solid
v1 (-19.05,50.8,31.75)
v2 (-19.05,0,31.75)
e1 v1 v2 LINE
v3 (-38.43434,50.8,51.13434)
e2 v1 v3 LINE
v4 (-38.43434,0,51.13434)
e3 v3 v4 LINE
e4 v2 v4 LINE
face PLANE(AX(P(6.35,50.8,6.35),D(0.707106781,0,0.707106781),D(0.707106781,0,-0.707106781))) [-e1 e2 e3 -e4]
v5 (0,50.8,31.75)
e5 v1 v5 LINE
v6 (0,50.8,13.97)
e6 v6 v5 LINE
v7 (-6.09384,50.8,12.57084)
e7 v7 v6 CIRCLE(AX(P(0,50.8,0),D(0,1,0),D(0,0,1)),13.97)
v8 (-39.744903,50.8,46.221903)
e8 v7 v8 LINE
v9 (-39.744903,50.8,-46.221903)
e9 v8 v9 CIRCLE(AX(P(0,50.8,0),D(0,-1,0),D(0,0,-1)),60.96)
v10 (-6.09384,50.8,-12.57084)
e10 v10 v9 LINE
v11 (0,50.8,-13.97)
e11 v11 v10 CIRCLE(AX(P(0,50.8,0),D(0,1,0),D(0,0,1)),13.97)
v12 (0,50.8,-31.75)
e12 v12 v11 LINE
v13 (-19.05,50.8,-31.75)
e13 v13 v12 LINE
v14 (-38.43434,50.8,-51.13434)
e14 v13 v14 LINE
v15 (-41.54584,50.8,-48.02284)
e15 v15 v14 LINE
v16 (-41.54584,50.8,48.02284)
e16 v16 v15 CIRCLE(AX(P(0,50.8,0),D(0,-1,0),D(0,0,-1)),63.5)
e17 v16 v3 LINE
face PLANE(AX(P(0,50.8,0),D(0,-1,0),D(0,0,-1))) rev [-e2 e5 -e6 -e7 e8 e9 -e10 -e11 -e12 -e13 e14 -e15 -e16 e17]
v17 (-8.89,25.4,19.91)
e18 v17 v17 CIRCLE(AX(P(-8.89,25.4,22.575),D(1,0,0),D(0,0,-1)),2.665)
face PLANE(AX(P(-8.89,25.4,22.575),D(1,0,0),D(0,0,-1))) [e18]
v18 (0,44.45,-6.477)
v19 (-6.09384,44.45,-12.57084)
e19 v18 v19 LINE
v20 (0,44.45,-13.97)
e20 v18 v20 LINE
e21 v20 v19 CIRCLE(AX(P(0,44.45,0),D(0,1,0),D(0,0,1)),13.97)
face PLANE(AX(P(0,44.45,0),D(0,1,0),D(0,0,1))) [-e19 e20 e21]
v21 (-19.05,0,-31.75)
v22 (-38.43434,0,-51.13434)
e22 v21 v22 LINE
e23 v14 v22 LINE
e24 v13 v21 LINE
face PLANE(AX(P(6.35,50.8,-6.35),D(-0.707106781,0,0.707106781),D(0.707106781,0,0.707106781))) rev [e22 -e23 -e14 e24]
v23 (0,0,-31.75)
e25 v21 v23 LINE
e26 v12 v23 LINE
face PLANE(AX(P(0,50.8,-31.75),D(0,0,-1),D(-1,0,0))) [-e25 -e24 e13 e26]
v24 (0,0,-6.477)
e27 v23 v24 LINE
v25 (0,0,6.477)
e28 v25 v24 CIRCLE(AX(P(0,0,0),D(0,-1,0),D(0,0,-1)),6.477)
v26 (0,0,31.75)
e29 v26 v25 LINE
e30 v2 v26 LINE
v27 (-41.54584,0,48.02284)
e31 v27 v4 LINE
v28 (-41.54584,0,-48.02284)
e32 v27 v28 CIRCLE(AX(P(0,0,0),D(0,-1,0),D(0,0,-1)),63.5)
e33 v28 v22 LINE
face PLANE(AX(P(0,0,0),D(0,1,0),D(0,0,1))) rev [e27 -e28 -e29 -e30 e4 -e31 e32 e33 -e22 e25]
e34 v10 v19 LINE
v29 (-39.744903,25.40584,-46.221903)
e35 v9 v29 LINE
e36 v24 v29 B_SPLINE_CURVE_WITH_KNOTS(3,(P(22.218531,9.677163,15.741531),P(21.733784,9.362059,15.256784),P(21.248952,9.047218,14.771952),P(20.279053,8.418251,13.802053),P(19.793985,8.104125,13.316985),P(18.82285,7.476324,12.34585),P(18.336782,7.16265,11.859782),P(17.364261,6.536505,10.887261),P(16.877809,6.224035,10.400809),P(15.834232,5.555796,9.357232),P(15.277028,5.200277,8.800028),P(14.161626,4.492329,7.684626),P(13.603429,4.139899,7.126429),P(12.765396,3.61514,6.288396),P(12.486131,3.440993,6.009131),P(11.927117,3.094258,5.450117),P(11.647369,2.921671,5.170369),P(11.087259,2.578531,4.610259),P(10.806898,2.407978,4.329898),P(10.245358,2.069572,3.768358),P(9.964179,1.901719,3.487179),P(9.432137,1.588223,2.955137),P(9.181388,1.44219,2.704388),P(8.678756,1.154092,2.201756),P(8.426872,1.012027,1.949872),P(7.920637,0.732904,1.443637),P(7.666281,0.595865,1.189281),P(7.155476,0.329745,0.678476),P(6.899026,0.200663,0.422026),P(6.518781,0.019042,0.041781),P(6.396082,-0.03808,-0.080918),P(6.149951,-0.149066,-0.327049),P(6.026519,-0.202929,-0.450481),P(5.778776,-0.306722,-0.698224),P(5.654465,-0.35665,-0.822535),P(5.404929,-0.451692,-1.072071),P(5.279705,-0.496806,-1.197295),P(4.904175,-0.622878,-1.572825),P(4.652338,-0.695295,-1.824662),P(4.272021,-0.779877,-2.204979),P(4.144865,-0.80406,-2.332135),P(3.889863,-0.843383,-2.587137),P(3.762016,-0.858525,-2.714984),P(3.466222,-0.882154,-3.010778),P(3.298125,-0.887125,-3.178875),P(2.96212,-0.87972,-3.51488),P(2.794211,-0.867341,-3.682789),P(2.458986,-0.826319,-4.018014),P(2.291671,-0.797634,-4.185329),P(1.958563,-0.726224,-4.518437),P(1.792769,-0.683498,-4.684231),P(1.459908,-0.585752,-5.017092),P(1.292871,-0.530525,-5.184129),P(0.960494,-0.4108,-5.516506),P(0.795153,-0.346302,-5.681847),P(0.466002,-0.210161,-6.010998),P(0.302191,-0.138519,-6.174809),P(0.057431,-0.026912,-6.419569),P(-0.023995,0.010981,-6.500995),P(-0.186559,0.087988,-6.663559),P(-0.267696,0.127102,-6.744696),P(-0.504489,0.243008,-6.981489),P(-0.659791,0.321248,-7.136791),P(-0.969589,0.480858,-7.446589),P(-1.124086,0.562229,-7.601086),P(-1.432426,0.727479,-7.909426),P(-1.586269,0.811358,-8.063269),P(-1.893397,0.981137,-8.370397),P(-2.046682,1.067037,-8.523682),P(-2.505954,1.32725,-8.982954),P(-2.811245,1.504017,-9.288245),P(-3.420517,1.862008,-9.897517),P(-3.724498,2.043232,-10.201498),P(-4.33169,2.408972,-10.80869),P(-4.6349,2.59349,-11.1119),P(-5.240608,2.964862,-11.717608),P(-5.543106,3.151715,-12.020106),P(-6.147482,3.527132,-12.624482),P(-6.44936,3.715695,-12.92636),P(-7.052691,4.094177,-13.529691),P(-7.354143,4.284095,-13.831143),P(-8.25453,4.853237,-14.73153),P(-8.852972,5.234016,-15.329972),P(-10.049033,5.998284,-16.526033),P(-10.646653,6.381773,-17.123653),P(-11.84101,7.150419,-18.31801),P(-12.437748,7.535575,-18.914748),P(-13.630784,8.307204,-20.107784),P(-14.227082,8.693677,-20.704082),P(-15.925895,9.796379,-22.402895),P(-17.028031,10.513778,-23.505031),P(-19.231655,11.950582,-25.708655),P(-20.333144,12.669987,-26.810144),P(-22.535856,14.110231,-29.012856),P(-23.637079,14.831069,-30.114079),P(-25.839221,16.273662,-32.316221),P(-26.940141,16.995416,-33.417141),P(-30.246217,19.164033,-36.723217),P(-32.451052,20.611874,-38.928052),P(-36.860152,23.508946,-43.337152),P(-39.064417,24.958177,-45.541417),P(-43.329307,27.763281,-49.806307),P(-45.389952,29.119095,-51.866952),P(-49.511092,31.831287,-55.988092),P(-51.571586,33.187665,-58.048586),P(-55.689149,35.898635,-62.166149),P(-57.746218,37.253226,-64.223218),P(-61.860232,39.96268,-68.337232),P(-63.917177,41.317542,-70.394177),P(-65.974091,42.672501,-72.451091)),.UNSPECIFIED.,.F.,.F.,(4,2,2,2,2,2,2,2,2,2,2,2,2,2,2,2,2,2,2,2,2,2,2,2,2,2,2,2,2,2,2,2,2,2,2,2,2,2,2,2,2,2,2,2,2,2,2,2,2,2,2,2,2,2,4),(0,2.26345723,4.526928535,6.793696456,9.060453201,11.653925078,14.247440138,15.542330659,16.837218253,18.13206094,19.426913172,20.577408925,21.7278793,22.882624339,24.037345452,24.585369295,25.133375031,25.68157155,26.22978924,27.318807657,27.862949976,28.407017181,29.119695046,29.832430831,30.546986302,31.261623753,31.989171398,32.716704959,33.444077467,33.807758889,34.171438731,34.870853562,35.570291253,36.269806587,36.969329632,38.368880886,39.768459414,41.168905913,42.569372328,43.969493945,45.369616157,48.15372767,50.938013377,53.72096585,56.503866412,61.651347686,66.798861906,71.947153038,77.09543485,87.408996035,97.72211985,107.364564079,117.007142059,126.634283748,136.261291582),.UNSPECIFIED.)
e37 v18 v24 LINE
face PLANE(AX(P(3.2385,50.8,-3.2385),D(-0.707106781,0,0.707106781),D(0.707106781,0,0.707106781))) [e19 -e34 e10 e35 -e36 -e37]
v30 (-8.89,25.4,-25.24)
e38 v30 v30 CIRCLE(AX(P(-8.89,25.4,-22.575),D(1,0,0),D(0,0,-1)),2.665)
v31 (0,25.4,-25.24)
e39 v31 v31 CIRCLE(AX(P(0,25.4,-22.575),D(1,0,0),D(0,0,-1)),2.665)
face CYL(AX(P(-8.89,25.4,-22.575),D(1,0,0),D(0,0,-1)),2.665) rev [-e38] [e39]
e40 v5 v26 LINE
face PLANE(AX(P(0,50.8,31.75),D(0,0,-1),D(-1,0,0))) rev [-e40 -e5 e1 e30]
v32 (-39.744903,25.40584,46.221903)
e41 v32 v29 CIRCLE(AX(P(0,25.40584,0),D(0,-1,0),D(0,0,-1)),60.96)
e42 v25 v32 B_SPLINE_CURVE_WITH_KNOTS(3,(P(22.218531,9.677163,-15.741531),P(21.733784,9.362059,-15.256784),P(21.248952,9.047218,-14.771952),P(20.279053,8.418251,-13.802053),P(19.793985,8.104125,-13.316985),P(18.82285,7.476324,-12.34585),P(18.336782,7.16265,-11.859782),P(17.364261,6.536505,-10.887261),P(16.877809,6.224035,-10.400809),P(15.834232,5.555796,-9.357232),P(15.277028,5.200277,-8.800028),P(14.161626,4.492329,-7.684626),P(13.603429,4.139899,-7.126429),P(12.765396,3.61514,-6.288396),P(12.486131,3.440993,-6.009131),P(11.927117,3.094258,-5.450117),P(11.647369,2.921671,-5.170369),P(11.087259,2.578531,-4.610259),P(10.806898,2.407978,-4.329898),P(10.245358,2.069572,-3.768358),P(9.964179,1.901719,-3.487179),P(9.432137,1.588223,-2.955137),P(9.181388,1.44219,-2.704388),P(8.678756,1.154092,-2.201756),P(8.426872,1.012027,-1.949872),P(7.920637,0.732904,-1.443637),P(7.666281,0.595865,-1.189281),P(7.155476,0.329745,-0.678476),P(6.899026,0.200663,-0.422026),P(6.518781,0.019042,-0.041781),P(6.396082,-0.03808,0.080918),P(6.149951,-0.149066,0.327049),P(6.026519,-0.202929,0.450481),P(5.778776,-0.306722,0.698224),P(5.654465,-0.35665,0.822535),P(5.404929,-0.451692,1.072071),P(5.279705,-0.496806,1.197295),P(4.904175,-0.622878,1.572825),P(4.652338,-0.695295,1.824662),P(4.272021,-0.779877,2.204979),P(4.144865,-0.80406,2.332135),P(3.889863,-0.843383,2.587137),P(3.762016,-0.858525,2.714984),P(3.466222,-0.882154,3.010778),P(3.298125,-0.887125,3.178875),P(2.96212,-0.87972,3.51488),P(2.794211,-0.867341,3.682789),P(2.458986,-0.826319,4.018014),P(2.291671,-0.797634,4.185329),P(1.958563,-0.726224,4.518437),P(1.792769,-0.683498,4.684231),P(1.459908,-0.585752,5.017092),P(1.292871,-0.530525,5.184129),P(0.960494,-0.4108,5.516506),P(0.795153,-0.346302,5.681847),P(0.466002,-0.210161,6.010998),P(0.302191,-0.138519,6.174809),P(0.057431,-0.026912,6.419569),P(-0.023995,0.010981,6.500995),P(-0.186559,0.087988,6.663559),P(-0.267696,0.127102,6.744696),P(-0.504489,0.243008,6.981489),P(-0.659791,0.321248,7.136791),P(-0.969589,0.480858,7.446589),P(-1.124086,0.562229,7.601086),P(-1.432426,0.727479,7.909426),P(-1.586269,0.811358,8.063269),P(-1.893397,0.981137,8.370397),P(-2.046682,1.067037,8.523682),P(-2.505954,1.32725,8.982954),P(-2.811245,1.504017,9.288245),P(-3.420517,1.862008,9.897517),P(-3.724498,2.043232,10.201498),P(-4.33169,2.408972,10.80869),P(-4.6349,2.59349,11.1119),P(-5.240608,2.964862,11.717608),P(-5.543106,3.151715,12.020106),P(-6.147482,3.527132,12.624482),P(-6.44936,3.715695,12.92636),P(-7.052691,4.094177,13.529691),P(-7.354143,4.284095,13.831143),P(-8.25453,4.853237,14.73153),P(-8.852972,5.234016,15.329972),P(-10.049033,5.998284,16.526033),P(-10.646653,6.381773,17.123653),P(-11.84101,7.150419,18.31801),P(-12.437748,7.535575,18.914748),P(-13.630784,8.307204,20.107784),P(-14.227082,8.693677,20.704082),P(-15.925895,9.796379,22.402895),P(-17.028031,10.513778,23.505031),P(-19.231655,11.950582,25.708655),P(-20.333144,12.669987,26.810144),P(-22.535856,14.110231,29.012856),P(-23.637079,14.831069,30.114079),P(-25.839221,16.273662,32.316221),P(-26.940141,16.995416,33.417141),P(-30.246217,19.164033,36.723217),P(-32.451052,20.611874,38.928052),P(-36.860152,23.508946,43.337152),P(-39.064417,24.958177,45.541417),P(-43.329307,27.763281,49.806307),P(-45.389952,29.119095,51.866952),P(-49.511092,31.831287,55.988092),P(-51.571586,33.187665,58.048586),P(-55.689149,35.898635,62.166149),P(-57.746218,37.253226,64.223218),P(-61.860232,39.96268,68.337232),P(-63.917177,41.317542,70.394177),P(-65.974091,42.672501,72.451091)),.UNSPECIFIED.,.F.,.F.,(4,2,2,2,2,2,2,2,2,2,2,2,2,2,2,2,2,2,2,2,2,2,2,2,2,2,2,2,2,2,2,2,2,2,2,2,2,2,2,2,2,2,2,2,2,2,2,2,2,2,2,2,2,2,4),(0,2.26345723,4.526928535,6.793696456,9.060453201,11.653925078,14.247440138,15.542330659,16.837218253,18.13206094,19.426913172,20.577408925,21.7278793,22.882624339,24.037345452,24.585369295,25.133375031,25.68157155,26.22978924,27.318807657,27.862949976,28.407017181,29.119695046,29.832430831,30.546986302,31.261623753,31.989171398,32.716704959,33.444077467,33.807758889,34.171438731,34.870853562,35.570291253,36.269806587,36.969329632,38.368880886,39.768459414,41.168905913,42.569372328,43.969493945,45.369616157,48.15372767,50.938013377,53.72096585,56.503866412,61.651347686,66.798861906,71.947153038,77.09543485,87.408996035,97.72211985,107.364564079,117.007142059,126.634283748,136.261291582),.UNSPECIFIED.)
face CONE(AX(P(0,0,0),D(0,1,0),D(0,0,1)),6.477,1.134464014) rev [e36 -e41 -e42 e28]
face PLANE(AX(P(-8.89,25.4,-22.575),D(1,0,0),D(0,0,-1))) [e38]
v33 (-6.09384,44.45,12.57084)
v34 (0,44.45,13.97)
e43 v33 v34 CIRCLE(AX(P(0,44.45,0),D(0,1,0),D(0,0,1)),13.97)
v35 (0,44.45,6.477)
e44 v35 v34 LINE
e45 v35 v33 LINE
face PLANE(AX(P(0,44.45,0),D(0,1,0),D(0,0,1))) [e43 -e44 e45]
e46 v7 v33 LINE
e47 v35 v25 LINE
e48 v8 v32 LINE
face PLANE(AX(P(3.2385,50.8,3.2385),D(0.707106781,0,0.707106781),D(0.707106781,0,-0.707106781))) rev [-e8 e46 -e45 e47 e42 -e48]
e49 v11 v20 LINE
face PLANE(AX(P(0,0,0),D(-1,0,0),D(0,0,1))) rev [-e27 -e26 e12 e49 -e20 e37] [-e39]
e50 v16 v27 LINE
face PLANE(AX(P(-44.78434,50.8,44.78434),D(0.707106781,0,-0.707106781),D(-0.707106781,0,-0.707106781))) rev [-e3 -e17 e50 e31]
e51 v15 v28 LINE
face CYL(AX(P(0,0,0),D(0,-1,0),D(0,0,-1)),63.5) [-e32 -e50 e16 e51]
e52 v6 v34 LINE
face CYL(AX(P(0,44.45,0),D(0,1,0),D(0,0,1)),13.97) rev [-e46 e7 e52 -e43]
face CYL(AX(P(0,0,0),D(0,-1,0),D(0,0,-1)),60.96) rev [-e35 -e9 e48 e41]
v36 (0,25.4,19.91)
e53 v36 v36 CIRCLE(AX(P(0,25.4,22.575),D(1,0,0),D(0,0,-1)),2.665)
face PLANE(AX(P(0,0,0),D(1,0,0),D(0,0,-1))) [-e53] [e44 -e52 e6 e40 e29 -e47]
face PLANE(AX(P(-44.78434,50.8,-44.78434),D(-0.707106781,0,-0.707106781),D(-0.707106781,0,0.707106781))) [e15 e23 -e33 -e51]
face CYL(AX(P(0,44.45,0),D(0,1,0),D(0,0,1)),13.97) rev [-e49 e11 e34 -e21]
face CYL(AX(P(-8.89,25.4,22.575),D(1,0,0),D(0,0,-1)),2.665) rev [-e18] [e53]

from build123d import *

# Parameters (mm, degrees)
REVOLVE1_ANGLE           = 90
REVOLVE1_OTHER_WAY_ANGLE = 90
BOSS_EXTRUDE3_DEPTH      = 50.8
CUT_EXTRUDE1_REACH       = 105.175
BOSS_EXTRUDE4_DEPTH      = 50.8
SKETCH6_R                = 13.97
CUT_EXTRUDE2_DEPTH       = 6.35
SKETCH7_R                = 2.665
CUT_EXTRUDE3_DEPTH       = 8.89


with BuildPart() as part:
    # Sketch1 → Revolve1 (revolve)
    with BuildSketch(Plane.XY):
        Polygon((-63.5, 50.8), (-63.5, 0), (-6.477, 0), (-60.96, 25.405840139), (-60.96, 50.8), align=None)
    revolve(axis=Axis((0, 0, 0), (0, 1, 0)), revolution_arc=REVOLVE1_ANGLE)

    # Sketch1 → Revolve1 other way (revolve)
    with BuildSketch(Plane.XY):
        Polygon((-63.5, 50.8), (-63.5, 0), (-6.477, 0), (-60.96, 25.405840139), (-60.96, 50.8), align=None)
    revolve(axis=Axis((0, 0, 0), (0, -1, 0)), revolution_arc=REVOLVE1_OTHER_WAY_ANGLE)

    # Sketch4 → Boss-Extrude3 (add)
    with BuildSketch(Plane(origin=(0, 0, 0), x_dir=(-1, 0, 0), z_dir=(0, -1, 0))):
        Polygon((19.05, 31.75), (0, 31.75), (0, 6.477), (19.05, 25.527), align=None)
        Polygon((19.05, -25.527), (0, -6.477), (0, -31.75), (19.05, -31.75), align=None)
    extrude(amount=-BOSS_EXTRUDE3_DEPTH)

    # Sketch4<3> → Cut-Extrude1 (cut, up to next)
    with BuildSketch(Plane(origin=(0, 0, 0), x_dir=(-1, 0, 0), z_dir=(0, -1, 0)), mode=Mode.PRIVATE) as cut_extrude1_sk1:
        with BuildLine():
            Line((0, 63.5), (0, 31.75))
            Line((0, 31.75), (19.05, 31.75))
            Line((19.05, 31.75), (19.05, 25.527))
            Line((19.05, 25.527), (41.545840095, 48.022840095))
            ThreePointArc((41.545840095, 48.022840095), (22.16753994, 59.505043257), (0, 63.5))
        make_face()
    cut_extrude1_tool1 = extrude(cut_extrude1_sk1.sketch, amount=-CUT_EXTRUDE1_REACH, mode=Mode.PRIVATE) & part.part
    # Sketch4<3> → Cut-Extrude1 (cut, up to next)
    with BuildSketch(Plane(origin=(0, 0, 0), x_dir=(-1, 0, 0), z_dir=(0, -1, 0)), mode=Mode.PRIVATE) as cut_extrude1_sk2:
        with BuildLine():
            Line((19.05, -31.75), (0, -31.75))
            Line((0, -31.75), (0, -63.5))
            ThreePointArc((0, -63.5), (22.16753994, -59.505043257), (41.545840095, -48.022840095))
            Line((41.545840095, -48.022840095), (19.05, -25.527))
            Line((19.05, -25.527), (19.05, -31.75))
        make_face()
    cut_extrude1_tool2 = extrude(cut_extrude1_sk2.sketch, amount=-CUT_EXTRUDE1_REACH, mode=Mode.PRIVATE) & part.part
    add(cut_extrude1_tool1.solids().sort_by_distance((-16.601878, 0, -46.365556))[0], mode=Mode.SUBTRACT)
    add(cut_extrude1_tool2.solids().sort_by_distance((-16.601878, 0, 46.365556))[0], mode=Mode.SUBTRACT)

    # Sketch5 → Boss-Extrude4 (add)
    with BuildSketch(Plane.XZ):
        Polygon((-41.545840095, 48.022840095), (-38.434340095, 51.134340095), (-19.05, 31.75), (-19.05, 25.527), align=None)
        Polygon((-41.545840095, -48.022840095), (-38.434340095, -51.134340095), (-19.05, -31.75), (-19.05, -25.527), align=None)
    extrude(amount=-BOSS_EXTRUDE4_DEPTH)

    # Sketch6 → Cut-Extrude2 (cut)
    with BuildSketch(Plane(origin=(0, 50.8, 0), x_dir=(1, 0, 0), z_dir=(0, 1, 0))):
        Circle(SKETCH6_R)
    extrude(amount=-CUT_EXTRUDE2_DEPTH, mode=Mode.SUBTRACT)

    # Sketch7 → Cut-Extrude3 (cut)
    with BuildSketch(Plane(origin=(0, 0, 0), x_dir=(0, 0, -1), z_dir=(1, 0, 0))):
        with Locations((-22.575, 25.4)):
            Circle(SKETCH7_R)
        with Locations((22.575, 25.4)):
            Circle(SKETCH7_R)
    extrude(amount=-CUT_EXTRUDE3_DEPTH, mode=Mode.SUBTRACT)


solid = part.part
